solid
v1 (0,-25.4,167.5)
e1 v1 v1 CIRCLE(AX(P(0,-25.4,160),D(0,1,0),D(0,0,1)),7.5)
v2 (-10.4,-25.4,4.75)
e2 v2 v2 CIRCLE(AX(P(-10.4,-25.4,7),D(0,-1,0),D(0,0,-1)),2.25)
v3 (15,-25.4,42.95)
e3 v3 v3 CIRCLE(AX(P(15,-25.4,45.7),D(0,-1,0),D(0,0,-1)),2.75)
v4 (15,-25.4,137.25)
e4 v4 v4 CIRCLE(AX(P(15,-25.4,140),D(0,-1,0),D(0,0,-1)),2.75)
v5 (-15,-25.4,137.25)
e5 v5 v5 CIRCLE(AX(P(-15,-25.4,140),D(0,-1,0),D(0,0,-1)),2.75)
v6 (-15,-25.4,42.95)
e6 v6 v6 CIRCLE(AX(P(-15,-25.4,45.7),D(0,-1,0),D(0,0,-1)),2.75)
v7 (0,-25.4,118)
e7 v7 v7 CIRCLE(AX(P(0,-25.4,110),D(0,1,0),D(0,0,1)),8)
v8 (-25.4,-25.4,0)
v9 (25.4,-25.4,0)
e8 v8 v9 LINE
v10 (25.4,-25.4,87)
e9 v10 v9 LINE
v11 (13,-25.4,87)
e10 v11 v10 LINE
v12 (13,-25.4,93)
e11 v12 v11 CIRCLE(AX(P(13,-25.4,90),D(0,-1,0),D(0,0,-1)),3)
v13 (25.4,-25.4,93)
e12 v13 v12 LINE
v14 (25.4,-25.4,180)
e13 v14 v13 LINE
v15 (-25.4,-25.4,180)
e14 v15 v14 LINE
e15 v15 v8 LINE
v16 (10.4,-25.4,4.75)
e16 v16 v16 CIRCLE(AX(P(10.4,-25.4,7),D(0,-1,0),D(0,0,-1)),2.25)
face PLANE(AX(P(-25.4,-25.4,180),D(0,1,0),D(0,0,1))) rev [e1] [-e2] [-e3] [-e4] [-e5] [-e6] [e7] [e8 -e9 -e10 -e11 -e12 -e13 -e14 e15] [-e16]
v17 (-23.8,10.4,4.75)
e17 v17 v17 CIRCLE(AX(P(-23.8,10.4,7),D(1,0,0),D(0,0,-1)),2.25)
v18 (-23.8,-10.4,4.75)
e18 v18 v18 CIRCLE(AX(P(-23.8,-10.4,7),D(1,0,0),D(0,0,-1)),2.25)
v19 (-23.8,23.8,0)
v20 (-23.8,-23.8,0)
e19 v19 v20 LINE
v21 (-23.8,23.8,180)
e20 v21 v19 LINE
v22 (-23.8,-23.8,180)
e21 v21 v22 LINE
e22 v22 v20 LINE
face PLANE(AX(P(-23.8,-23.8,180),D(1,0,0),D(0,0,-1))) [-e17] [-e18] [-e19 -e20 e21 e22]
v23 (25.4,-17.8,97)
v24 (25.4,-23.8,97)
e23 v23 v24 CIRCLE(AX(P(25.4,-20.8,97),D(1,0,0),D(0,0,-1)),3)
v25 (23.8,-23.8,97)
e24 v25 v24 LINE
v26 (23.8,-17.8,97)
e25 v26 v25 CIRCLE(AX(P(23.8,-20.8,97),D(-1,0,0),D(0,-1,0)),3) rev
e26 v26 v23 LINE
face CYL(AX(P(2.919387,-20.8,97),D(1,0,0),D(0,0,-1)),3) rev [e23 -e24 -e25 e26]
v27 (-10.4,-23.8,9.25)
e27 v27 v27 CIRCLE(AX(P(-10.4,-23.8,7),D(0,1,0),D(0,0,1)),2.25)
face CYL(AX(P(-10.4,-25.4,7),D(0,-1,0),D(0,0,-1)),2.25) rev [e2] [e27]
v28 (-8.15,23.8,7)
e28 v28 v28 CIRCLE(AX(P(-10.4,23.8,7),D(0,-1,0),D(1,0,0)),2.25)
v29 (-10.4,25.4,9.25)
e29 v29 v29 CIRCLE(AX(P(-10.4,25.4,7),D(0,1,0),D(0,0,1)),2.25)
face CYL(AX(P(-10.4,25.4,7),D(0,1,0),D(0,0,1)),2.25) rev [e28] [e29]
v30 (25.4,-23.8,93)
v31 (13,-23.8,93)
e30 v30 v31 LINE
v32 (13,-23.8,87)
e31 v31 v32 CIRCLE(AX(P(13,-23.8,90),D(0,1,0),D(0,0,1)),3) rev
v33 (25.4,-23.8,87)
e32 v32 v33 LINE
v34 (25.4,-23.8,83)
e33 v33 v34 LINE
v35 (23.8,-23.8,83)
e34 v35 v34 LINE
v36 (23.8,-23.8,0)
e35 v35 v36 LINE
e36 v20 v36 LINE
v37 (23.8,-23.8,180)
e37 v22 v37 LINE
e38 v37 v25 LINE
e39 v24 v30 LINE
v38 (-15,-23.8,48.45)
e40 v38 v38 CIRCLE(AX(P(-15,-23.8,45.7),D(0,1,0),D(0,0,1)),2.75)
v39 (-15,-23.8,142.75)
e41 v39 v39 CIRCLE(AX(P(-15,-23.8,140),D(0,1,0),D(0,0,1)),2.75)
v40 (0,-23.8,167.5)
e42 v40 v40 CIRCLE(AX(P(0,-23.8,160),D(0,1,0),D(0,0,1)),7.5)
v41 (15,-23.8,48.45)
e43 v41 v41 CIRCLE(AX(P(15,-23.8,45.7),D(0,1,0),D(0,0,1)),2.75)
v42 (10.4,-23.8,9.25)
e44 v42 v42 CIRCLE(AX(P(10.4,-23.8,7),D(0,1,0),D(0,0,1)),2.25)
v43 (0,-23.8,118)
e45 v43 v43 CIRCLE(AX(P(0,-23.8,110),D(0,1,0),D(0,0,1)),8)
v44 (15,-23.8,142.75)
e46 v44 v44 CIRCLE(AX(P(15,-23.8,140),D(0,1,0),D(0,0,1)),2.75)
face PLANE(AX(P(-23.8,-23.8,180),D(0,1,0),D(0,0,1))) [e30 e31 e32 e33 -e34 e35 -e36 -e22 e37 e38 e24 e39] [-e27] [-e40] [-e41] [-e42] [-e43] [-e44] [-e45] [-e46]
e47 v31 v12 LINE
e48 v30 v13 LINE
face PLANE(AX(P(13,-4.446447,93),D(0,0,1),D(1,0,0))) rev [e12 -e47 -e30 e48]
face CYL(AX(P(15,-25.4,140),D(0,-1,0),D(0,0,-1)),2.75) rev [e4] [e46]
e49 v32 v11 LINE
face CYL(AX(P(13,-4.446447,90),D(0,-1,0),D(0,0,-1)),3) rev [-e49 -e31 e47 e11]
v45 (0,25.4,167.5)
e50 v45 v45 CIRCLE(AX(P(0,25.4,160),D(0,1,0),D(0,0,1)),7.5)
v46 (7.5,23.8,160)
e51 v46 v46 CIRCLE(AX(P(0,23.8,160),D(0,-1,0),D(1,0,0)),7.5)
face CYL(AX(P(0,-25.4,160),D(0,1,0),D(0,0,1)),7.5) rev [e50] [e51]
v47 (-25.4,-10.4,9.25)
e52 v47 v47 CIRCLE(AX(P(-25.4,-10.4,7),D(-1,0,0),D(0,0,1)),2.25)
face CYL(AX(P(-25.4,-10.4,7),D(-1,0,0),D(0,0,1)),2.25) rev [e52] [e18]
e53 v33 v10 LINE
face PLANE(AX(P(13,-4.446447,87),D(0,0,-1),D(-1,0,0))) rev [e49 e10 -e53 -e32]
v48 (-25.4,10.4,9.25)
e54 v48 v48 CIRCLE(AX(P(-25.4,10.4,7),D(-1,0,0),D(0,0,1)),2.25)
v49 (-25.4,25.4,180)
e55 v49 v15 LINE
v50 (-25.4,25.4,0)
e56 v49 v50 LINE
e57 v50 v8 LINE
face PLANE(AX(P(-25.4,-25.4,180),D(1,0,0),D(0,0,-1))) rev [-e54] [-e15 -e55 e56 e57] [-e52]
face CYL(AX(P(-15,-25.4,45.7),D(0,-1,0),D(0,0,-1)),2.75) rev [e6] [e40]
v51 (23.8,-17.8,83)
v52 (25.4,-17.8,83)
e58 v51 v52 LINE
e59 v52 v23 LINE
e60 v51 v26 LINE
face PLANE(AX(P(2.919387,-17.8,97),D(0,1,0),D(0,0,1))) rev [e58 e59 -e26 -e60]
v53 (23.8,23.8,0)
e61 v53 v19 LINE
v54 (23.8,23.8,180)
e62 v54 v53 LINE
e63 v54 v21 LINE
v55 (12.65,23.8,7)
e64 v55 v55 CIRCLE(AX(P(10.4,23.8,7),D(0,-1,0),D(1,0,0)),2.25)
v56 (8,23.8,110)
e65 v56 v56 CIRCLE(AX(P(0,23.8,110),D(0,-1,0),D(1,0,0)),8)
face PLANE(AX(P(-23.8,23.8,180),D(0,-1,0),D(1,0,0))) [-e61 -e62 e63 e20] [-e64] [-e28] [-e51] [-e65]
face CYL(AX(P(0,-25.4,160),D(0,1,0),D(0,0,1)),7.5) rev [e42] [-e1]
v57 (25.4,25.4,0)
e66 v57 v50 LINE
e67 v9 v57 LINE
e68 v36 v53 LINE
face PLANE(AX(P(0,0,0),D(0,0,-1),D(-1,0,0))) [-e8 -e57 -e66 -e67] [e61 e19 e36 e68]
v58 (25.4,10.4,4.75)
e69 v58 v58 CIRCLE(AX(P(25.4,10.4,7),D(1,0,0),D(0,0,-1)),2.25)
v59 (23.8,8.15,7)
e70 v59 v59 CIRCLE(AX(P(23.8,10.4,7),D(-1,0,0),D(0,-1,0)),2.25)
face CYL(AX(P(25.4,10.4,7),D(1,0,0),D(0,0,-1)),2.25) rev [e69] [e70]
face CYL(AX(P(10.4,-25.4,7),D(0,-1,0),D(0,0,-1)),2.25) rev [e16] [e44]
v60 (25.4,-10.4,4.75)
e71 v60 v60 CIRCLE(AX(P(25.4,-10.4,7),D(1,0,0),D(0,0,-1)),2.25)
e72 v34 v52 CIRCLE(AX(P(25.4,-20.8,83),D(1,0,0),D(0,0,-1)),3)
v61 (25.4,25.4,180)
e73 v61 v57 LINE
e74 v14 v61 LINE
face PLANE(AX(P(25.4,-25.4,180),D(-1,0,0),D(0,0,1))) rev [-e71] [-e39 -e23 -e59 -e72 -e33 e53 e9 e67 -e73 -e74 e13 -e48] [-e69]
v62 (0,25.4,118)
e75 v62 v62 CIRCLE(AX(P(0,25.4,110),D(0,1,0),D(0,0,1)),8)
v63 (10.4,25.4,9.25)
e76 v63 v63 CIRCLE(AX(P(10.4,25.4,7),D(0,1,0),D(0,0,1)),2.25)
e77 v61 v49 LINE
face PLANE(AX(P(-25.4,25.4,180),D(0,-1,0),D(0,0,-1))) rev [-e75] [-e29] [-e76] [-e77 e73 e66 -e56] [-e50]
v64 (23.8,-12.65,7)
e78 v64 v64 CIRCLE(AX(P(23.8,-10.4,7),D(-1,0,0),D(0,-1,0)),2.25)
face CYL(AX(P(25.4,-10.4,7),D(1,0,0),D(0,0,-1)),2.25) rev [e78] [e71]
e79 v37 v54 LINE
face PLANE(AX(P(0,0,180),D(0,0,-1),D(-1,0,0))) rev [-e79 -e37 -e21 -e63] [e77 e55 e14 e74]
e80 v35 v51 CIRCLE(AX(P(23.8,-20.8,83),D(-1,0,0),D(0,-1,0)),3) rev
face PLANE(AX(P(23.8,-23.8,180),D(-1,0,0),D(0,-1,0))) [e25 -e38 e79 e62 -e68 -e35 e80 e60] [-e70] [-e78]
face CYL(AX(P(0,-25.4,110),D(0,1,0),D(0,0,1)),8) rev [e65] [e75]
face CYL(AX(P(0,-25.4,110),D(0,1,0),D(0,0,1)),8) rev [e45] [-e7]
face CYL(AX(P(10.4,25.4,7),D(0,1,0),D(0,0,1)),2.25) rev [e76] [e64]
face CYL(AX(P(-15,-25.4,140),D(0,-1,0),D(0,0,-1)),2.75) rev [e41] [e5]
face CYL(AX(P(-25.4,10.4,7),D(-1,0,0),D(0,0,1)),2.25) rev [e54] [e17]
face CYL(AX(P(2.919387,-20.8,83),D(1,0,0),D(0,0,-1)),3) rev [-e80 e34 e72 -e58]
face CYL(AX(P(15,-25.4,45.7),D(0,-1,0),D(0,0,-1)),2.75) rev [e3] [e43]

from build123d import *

# Parameters (mm, degrees)
SKETCH1_W                     = 50.8
SKETCH1_H                     = 50.8
SKETCH1_W_2                   = 47.6
SKETCH1_H_2                   = 47.6
BOSS_EXTRUDE1_DEPTH           = 180
SKETCH6_R                     = 7.5
SKETCH6_R_2                   = 8
CUT_EXTRUDE1_DEPTH            = 189.747980122
M4_CLEARANCE_HOLE1_AT_2_COUNT = 2
M4_CLEARANCE_HOLE1_AT_2_PITCH = 20.8
CIRPATTERN1_COUNT             = 4
M5_CLEARANCE_HOLE1_D          = 5.5
M5_CLEARANCE_HOLE1_DEPTH      = 19.75
M5_CLEARANCE_HOLE1_TIP        = 1.652366702
CUT_EXTRUDE2_DEPTH            = 1.6
CUT_EXTRUDE3_DEPTH            = 1.6


with BuildPart() as part:
    # Sketch1 → Boss-Extrude1 (new body)
    with BuildSketch(Plane.XY):
        Rectangle(SKETCH1_W, SKETCH1_H)
        Rectangle(SKETCH1_W_2, SKETCH1_H_2, mode=Mode.SUBTRACT)
    extrude(amount=BOSS_EXTRUDE1_DEPTH)

    # Sketch6 → Cut-Extrude1 (cut, through all)
    with BuildSketch(Plane(origin=(0, 25.4, 0), x_dir=(1, 0, 0), z_dir=(0, 1, 0))):
        with Locations(Location((0, -160, 0), (0, 0, 270))):
            Circle(SKETCH6_R)
        with Locations(Location((0, -110, 0), (0, 0, 270))):
            Circle(SKETCH6_R_2)
    extrude(amount=-CUT_EXTRUDE1_DEPTH, mode=Mode.SUBTRACT)

    # Sketch8 → M4 Clearance Hole1 (revolve, cut)
    with BuildSketch(Plane(origin=(-25.4, -10.4, 7), x_dir=(0, 0, 1), z_dir=(0, 1, 0))):
        Polygon((0, 0), (0, 12.851936393), (2.25, 11.5), (2.25, 0), align=None)
    m4_clearance_hole1 = revolve(axis=Axis((-31.75, -10.4, 7), (1, 0, 0)), mode=Mode.SUBTRACT)

    # M4 Clearance Hole1 at 2: M4 Clearance Hole1 ×2
    with Locations(*[(0, i * M4_CLEARANCE_HOLE1_AT_2_PITCH, 0) for i in range(1, M4_CLEARANCE_HOLE1_AT_2_COUNT)]):
        add(m4_clearance_hole1, mode=Mode.SUBTRACT)

    # CirPattern1: M4 Clearance Hole1 ×4 about axis
    cirpattern1_axis = Axis((0, 0, 0), (0, 0, 1))
    for i in range(1, CIRPATTERN1_COUNT):
        add(m4_clearance_hole1.rotate(cirpattern1_axis, i * 360 / CIRPATTERN1_COUNT), mode=Mode.SUBTRACT)

    # CirPattern1 copy 1 sketch → CirPattern1 copy 1 (revolve, cut)
    with BuildSketch(Plane(origin=(-10.4, -25.4, 7), x_dir=(0, 0, 1), z_dir=(-1, 0, 0))):
        Polygon((0, 0), (0, 12.851936393), (2.25, 11.5), (2.25, 0), align=None)
    revolve(axis=Axis((-10.4, -31.75, 7), (0, 1, 0)), mode=Mode.SUBTRACT)

    # CirPattern1 copy 2 sketch → CirPattern1 copy 2 (revolve, cut)
    with BuildSketch(Plane(origin=(25.4, -10.4, 7), x_dir=(0, 0, 1), z_dir=(0, -1, 0))):
        Polygon((0, 0), (0, 12.851936393), (2.25, 11.5), (2.25, 0), align=None)
    revolve(axis=Axis((31.75, -10.4, 7), (-1, 0, 0)), mode=Mode.SUBTRACT)

    # CirPattern1 copy 3 sketch → CirPattern1 copy 3 (revolve, cut)
    with BuildSketch(Plane(origin=(10.4, 25.4, 7), x_dir=(0, 0, 1), z_dir=(1, 0, 0))):
        Polygon((0, 0), (0, 12.851936393), (2.25, 11.5), (2.25, 0), align=None)
    revolve(axis=Axis((10.4, 31.75, 7), (0, -1, 0)), mode=Mode.SUBTRACT)

    # M5 Clearance Hole1
    with Locations(Plane.XZ.offset(25.4)):
        with Locations((15, 140), (-15, 140), (-15, 45.7), (15, 45.7)):
            Hole(M5_CLEARANCE_HOLE1_D / 2, depth=M5_CLEARANCE_HOLE1_DEPTH)
            with Locations((0, 0, -(M5_CLEARANCE_HOLE1_DEPTH + M5_CLEARANCE_HOLE1_TIP / 2))):  # 118° drill point
                Cone(0, M5_CLEARANCE_HOLE1_D / 2, M5_CLEARANCE_HOLE1_TIP, mode=Mode.SUBTRACT)

    # Sketch13 → Cut-Extrude2 (cut)
    with BuildSketch(Plane(origin=(0, -25.4, 0), x_dir=(-1, 0, 0), z_dir=(0, -1, 0))):
        with BuildLine():
            Line((-13, -93), (-25.4, -93))
            ThreePointArc((-25.4, -93), (-28.4, -90), (-25.4, -87))
            Line((-25.4, -87), (-13, -87))
            ThreePointArc((-13, -87), (-10, -90), (-13, -93))
        make_face()
    extrude(amount=-CUT_EXTRUDE2_DEPTH, mode=Mode.SUBTRACT)

    # Sketch14 → Cut-Extrude3 (cut)
    with BuildSketch(Plane(origin=(25.4, 0, 0), x_dir=(0, 0, -1), z_dir=(1, 0, 0))):
        with BuildLine():
            Line((-97, -17.8), (-83, -17.8))
            ThreePointArc((-83, -17.8), (-80, -20.8), (-83, -23.8))
            Line((-83, -23.8), (-97, -23.8))
            ThreePointArc((-97, -23.8), (-100, -20.8), (-97, -17.8))
        make_face()
    extrude(amount=-CUT_EXTRUDE3_DEPTH, mode=Mode.SUBTRACT)


solid = part.part
